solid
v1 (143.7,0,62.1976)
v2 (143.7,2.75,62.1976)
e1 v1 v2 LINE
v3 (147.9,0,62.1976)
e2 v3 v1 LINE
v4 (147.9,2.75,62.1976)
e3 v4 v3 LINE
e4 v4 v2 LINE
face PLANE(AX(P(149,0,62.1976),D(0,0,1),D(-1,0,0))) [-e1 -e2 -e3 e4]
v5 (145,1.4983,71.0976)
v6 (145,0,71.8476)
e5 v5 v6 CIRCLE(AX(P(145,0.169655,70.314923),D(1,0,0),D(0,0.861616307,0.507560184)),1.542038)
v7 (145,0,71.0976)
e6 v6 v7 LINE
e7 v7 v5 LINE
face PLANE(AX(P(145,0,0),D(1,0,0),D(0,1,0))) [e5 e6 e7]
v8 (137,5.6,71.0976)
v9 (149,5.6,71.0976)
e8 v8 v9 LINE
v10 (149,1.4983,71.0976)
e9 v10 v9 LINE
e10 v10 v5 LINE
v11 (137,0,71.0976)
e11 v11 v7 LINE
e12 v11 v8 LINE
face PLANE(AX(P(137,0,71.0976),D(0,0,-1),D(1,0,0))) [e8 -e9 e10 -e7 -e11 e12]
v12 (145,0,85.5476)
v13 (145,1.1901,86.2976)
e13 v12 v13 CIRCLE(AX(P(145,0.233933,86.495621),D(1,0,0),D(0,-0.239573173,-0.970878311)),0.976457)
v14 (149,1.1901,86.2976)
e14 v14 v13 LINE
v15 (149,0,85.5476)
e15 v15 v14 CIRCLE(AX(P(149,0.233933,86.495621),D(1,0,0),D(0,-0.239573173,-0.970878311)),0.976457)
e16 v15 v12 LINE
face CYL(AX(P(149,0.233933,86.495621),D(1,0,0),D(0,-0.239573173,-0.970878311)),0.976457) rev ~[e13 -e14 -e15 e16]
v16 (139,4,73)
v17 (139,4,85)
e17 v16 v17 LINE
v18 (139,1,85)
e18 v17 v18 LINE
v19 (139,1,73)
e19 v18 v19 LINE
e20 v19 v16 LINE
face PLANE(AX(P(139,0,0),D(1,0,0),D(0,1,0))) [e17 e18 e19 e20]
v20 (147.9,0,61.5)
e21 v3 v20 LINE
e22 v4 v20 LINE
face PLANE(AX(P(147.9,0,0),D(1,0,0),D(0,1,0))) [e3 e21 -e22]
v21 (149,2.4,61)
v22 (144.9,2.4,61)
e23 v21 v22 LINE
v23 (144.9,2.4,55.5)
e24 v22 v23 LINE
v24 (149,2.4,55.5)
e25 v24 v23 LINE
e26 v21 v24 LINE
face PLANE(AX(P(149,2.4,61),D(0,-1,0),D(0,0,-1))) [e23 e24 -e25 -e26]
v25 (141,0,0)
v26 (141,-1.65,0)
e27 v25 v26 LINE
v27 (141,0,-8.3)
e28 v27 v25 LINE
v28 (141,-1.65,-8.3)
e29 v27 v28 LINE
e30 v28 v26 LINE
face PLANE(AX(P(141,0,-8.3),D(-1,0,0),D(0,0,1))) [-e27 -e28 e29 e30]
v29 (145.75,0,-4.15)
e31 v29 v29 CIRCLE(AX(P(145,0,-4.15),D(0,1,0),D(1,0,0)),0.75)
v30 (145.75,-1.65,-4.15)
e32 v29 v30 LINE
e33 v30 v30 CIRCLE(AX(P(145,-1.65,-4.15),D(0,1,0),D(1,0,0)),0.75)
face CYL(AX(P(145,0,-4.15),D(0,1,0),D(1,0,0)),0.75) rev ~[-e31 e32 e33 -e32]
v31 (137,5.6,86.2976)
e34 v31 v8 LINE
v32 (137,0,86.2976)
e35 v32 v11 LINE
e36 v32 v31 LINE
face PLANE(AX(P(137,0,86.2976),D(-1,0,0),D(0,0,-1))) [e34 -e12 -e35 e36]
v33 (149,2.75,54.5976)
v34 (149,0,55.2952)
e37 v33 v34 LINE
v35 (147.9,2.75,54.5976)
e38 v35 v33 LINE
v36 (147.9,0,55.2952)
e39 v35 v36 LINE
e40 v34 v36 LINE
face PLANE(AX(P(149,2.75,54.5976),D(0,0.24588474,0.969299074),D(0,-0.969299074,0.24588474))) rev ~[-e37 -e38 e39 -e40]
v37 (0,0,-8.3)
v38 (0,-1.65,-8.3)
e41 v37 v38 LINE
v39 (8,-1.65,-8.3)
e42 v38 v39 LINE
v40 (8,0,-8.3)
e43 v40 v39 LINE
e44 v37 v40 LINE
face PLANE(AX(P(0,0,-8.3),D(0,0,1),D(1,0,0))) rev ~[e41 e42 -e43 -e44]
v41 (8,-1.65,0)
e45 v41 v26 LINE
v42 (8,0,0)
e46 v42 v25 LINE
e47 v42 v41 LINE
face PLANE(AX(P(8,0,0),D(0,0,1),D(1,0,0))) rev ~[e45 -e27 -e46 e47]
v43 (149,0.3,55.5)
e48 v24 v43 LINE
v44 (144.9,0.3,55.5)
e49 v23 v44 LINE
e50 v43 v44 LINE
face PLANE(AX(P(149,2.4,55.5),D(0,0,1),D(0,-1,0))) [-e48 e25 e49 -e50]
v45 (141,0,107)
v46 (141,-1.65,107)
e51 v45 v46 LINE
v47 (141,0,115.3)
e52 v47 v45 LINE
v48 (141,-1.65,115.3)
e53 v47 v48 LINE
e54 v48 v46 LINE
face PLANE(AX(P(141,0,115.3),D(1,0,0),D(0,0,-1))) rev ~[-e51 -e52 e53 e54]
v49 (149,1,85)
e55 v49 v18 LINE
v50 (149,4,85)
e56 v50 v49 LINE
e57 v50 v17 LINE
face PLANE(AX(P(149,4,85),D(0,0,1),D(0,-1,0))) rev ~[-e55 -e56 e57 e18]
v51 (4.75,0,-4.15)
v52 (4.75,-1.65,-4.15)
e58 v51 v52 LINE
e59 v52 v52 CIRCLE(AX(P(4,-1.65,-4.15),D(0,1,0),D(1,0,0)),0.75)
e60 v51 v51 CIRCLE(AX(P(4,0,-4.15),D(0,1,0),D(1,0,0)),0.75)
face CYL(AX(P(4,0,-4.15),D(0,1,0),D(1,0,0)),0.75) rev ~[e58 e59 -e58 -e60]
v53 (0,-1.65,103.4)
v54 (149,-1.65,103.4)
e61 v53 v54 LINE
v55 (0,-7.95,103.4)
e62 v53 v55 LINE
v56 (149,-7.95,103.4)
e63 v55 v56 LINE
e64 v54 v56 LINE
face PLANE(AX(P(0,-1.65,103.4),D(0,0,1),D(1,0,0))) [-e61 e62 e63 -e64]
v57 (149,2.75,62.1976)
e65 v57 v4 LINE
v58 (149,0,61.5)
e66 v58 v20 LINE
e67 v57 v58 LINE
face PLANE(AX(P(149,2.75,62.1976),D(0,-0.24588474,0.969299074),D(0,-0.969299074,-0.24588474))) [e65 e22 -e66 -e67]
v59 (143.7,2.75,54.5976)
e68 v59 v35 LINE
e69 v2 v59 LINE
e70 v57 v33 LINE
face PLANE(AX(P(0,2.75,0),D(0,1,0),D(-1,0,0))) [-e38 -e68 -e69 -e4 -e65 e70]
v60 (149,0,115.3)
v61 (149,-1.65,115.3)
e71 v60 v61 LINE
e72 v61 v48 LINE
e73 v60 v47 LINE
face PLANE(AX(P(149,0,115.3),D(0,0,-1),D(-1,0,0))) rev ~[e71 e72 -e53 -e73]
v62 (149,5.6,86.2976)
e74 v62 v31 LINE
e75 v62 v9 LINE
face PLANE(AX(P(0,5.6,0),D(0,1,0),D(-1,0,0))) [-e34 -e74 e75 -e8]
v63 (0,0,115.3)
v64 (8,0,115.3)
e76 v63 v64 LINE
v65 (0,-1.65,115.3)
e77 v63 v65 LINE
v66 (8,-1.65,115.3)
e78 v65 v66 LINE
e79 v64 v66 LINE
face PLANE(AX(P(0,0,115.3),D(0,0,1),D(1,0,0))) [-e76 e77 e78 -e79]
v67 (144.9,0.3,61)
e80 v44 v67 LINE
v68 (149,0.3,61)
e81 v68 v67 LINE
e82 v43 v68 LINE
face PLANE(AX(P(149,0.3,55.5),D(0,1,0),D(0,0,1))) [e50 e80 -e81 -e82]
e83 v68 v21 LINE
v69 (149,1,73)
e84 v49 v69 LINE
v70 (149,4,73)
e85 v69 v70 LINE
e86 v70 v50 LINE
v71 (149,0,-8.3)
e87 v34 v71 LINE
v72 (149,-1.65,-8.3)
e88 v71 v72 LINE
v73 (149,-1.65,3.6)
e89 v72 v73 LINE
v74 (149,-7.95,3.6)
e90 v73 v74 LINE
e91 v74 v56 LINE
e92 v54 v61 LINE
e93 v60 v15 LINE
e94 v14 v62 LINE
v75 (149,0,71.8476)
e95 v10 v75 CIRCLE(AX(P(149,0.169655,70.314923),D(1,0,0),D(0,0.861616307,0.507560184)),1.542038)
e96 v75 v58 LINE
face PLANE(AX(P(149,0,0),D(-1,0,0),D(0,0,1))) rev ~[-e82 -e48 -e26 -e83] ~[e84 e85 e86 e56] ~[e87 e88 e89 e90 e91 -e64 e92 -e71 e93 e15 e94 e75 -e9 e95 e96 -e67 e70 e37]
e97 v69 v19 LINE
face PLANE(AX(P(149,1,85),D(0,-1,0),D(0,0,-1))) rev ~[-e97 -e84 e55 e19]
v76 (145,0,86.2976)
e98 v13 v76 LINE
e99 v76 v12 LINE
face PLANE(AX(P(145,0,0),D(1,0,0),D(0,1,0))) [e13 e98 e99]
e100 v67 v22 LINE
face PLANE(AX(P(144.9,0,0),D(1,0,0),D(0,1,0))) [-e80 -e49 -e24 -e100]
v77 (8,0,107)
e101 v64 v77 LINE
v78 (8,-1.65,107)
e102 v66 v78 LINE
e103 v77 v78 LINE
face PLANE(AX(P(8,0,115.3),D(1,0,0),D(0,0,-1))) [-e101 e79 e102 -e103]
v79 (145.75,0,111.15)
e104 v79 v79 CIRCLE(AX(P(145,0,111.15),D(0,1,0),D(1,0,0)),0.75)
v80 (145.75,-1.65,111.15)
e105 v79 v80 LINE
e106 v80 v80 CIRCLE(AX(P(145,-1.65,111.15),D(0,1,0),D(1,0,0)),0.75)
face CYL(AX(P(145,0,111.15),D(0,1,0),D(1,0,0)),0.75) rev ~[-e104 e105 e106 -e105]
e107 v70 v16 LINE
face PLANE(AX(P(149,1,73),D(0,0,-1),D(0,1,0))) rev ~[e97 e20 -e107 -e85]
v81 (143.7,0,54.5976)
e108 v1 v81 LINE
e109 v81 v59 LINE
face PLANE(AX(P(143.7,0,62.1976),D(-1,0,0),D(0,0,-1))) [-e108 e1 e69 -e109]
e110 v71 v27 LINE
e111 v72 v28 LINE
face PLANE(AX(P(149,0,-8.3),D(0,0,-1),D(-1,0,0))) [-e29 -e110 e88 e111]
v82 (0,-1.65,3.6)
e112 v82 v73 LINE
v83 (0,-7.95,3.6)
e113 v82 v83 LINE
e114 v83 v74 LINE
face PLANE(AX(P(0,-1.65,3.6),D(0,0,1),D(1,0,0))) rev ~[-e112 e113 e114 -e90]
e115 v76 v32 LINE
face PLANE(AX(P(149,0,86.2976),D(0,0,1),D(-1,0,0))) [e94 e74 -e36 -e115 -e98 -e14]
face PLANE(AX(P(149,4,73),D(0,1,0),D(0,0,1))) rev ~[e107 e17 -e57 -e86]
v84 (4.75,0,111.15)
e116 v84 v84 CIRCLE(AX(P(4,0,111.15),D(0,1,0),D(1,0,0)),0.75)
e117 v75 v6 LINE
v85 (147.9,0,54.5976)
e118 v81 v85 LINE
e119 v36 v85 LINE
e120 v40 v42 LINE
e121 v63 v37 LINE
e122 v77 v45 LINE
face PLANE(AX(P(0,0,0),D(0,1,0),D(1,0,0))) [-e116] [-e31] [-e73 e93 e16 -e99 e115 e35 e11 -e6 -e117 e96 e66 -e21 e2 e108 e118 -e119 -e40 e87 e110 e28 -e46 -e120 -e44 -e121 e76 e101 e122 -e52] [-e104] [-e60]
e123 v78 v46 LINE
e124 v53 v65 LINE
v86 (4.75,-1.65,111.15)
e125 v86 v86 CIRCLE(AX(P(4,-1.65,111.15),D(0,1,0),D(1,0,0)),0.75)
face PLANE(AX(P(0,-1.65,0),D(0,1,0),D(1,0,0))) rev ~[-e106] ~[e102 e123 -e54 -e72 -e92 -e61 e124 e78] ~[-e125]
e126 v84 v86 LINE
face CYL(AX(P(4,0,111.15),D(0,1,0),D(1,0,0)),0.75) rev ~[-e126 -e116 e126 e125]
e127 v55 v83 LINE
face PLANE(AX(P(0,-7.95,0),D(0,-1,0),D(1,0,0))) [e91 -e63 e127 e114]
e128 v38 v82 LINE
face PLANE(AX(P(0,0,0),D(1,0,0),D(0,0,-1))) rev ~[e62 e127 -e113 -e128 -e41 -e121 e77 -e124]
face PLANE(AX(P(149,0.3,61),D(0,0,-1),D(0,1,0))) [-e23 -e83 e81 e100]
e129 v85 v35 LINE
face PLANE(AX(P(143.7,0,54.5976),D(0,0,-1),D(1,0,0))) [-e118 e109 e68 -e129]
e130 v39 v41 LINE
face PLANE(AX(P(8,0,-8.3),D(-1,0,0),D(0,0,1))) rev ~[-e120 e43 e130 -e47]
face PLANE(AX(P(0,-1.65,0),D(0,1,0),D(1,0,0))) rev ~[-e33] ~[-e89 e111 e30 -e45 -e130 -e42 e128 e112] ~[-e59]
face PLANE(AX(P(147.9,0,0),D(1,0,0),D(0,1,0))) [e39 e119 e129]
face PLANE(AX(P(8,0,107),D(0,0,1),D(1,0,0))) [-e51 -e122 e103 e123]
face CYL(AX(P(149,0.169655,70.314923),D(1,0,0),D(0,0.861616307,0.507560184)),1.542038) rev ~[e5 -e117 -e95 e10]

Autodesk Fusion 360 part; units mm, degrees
sketch "Sketch1" plane through (0, 0, 0) normal (0, 1, 0) x (1, 0, 0)
  line L0 (0, 0) -> (149, 0)
  line L1 (149, 0) -> (149, -107)
  line L2 (0, 0) -> (0, -107)
  line L3 (0, -107) -> (149, -107)
  line L4 (0, -107) -> (0, -115.3)
  line L5 (0, -115.3) -> (8, -115.3)
  line L6 (8, -115.3) -> (8, -107)
  line L7 (149, -107) -> (149, -115.3)
  line L8 (149, -115.3) -> (141, -115.3)
  line L9 (141, -115.3) -> (141, -107)
  line L10 (141, -107) -> (149, -115.3) construction
  line L11 (141, -115.3) -> (149, -107) construction
  circle A0 centre (145, -111.15) radius 0.75
  circle A1 centre (4, -111.15) radius 0.75
  line L12 (0, -115.3) -> (8, -107) construction
  line L13 (8, -115.3) -> (0, -107) construction
  line L14 (0, 0) -> (0, 8.3)
  line L15 (0, 8.3) -> (8, 8.3)
  line L16 (8, 8.3) -> (8, 0)
  line L17 (149, 0) -> (149, 8.3)
  line L18 (149, 8.3) -> (141, 8.3)
  line L19 (141, 8.3) -> (141, 0)
  line L20 (149, 0) -> (141, 8.3) construction
  line L21 (141, 0) -> (149, 8.3) construction
  line L22 (0, 0) -> (8, 8.3) construction
  line L23 (8, 0) -> (0, 8.3) construction
  circle A2 centre (4, 4.15) radius 0.75
  circle A3 centre (145, 4.15) radius 0.75
  dimension "d1" = 149
  dimension "d2" = 107
  dimension "d3" = 107
  dimension "d4" = 149
  dimension "d5" = 8.3
  dimension "d6" = 8
  dimension "d7" = 8.3
  dimension "d8" = 8
  dimension "d9" = 1.5
  dimension "d10" = 1.5
  dimension "d11" = 8.3
  dimension "d12" = 8
  dimension "d13" = 8.3
  dimension "d14" = 8
  dimension "d15" = 1.5
  dimension "d16" = 1.5
extrude "Extrude1" add sketch "Sketch1" against normal blind 1.65
sketch "Sketch2" plane through (0, -1.65, 0) normal (0, -1, 0) x (1, 0, 0)
  circle A0 centre (145, -4.15) radius 0.75
  circle A1 centre (4, 111.15) radius 0.75
  circle A2 centre (145, 111.15) radius 0.75
  circle A3 centre (4, -4.15) radius 0.75
  line L0 (149, -8.3) -> (149, 115.3)
  line L1 (149, 115.3) -> (141, 115.3)
  line L2 (141, 115.3) -> (141, 107)
  line L3 (141, 107) -> (8, 107)
  line L4 (8, 107) -> (8, 115.3)
  line L5 (8, 115.3) -> (0, 115.3)
  line L6 (0, 115.3) -> (0, -8.3)
  line L7 (0, -8.3) -> (8, -8.3)
  line L8 (8, -8.3) -> (8, 0)
  line L9 (8, 0) -> (141, 0)
  line L10 (141, 0) -> (141, -8.3)
  line L11 (141, -8.3) -> (149, -8.3)
  line L12 (0, 107) -> (0, 103.4) construction
  line L13 (0, 103.4) -> (149, 103.4)
  line L14 (0, 0) -> (0, 3.6) construction
  line L15 (8, 107) -> (-0.0006, 107) construction
  line L16 (8, 0) -> (0, 0) construction
  line L17 (0, 3.6) -> (149, 3.6)
  dimension "d19" = 3.6
  dimension "d20" = 3.6
extrude "Extrude2" add sketch "Sketch2" along normal blind 6.3 contours L0 L6 L13 L17
sketch "Sketch3" plane through (149, 0, 0) normal (1, 0, 0) x (0, 1, 0)
  line L0 (0, -8.3) -> (0, 115.3)
  line L1 (0, 115.3) -> (-1.65, 115.3)
  line L2 (-1.65, 115.3) -> (-1.65, 103.4)
  line L3 (-1.65, 103.4) -> (-7.95, 103.4)
  line L4 (-7.95, 103.4) -> (-7.95, 3.6)
  line L5 (-7.95, 3.6) -> (-1.65, 3.6)
  line L6 (-1.65, 3.6) -> (-1.65, -8.3)
  line L7 (-1.65, -8.3) -> (0, -8.3)
sketch "Sketch4" plane through (0, 0, 0) normal (0, 1, 0) x (-1, 0, 0)
  circle A0 centre (-145, -4.15) radius 0.75
  circle A1 centre (-4, 111.15) radius 0.75
  circle A2 centre (-145, 111.15) radius 0.75
  circle A3 centre (-4, -4.15) radius 0.75
  line L0 (-149, 115.3) -> (-149, -8.3)
  line L1 (-149, -8.3) -> (-141, -8.3)
  line L2 (-141, -8.3) -> (-141, 0)
  line L3 (-141, 0) -> (-8, 0)
  line L4 (-8, 0) -> (-8, -8.3)
  line L5 (-8, -8.3) -> (0, -8.3)
  line L6 (0, -8.3) -> (0, 115.3)
  line L7 (0, 115.3) -> (-8, 115.3)
  line L8 (-8, 115.3) -> (-8, 107)
  line L9 (-8, 107) -> (-141, 107)
  line L10 (-141, 107) -> (-141, 115.3)
  line L11 (-141, 115.3) -> (-149, 115.3)
  line L12 (-149, 106.8976) -> (-149, 86.2976) construction
  line L13 (-149, 86.2976) -> (-137, 86.2976)
  line L14 (-137, 86.2976) -> (-137, 71.0976)
  line L15 (-137, 71.0976) -> (-149, 71.0976)
  dimension "d23" = 20.6
  dimension "d24" = 12
  dimension "d25" = 15.2
extrude "Extrude3" add sketch "Sketch4" along normal blind 5.6 contours L0 L13 L14 L15
sketch "Sketch5" plane through (149, 0, 0) normal (1, 0, 0) x (0, 1, 0)
  line L0 (0, -8.3) -> (0, 71.0976)
  line L1 (0, 71.0976) -> (5.6, 71.0976)
  line L2 (5.6, 71.0976) -> (5.6, 86.2976)
  line L3 (5.6, 86.2976) -> (0, 86.2976)
  line L4 (0, 86.2976) -> (0, 115.3)
  line L5 (0, 115.3) -> (-1.65, 115.3)
  line L6 (-1.65, 115.3) -> (-1.65, 103.4)
  line L7 (-1.65, 103.4) -> (-7.95, 103.4)
  line L8 (-7.95, 103.4) -> (-7.95, 3.6)
  line L9 (-7.95, 3.6) -> (-1.65, 3.6)
  line L10 (-1.65, 3.6) -> (-1.65, -8.3)
  line L11 (-1.65, -8.3) -> (0, -8.3)
  line L12 (0, 86.2976) -> (0, 71.0976)
  line L13 (0, 86.2976) -> (0, 85.5476) construction
  arc A0 (0, 85.5476) -> (1.1901, 86.2976) centre (0.2339, 86.4956) ccw
  line L14 (0, 71.0976) -> (0, 71.8476) construction
  arc A1 (1.4983, 71.0976) -> (0, 71.8476) centre (0.1697, 70.3149) ccw
  dimension "d29" = 0.75
  dimension "d30" = 0.75
extrude "Extrude4" cut sketch "Sketch5" against normal blind 4 contours L1 L12 A1 | L3 L12 A0
sketch "Sketch6" plane through (149, 0, 0) normal (1, 0, 0) x (0, 1, 0)
  arc A0 (0, 85.5476) -> (1.1901, 86.2976) centre (0.2339, 86.4956) ccw
  line L0 (0, 85.5476) -> (0, 115.3)
  line L1 (0, 115.3) -> (-1.65, 115.3)
  line L2 (-1.65, 115.3) -> (-1.65, 103.4)
  line L3 (-1.65, 103.4) -> (-7.95, 103.4)
  line L4 (-7.95, 103.4) -> (-7.95, 3.6)
  line L5 (-7.95, 3.6) -> (-1.65, 3.6)
  line L6 (-1.65, 3.6) -> (-1.65, -8.3)
  line L7 (-1.65, -8.3) -> (0, -8.3)
  line L8 (0, -8.3) -> (0, 71.8476)
  arc A1 (1.4983, 71.0976) -> (0, 71.8476) centre (0.1697, 70.3149) ccw
  line L9 (1.4983, 71.0976) -> (5.6, 71.0976)
  line L10 (5.6, 71.0976) -> (5.6, 86.2976)
  line L11 (5.6, 86.2976) -> (1.1901, 86.2976)
  line L12 (1, 85) -> (1, 73)
  line L13 (1, 73) -> (4, 73)
  line L14 (4, 73) -> (4, 85)
  line L15 (4, 85) -> (1, 85)
extrude "Extrude5" cut sketch "Sketch6" against normal blind 10 contours L12 L13 L14 L15
sketch "Sketch7" plane through (0, 0, 86.2976) normal (0, 0, 1) x (-1, 0, 0)
  line L0 (-145, 0) -> (-145, -1.1901)
  line L1 (-145, -1.1901) -> (-149, -1.1901)
  line L2 (-149, -1.1901) -> (-149, -5.6)
  line L3 (-149, -5.6) -> (-137, -5.6)
  line L4 (-137, -5.6) -> (-137, 0)
  line L5 (-137, 0) -> (-145, 0)
sketch "Sketch8" plane through (0, 0, 0) normal (0, 1, 0) x (-1, 0, 0)
  line L0 (-137, 71.0976) -> (-145, 71.0976)
  line L1 (-145, 71.0976) -> (-145, 71.8476)
  line L2 (-145, 71.8476) -> (-149, 71.8476)
  line L3 (-149, 71.8476) -> (-149, -8.3)
  line L4 (-149, -8.3) -> (-141, -8.3)
  line L5 (-141, -8.3) -> (-141, 0)
  line L6 (-141, 0) -> (-8, 0)
  line L7 (-8, 0) -> (-8, -8.3)
  line L8 (-8, -8.3) -> (0, -8.3)
  line L9 (0, -8.3) -> (0, 115.3)
  line L10 (0, 115.3) -> (-8, 115.3)
  line L11 (-8, 115.3) -> (-8, 107)
  line L12 (-8, 107) -> (-141, 107)
  line L13 (-141, 107) -> (-141, 115.3)
  line L14 (-141, 115.3) -> (-149, 115.3)
  line L15 (-149, 115.3) -> (-149, 85.5476)
  line L16 (-149, 85.5476) -> (-145, 85.5476)
  line L17 (-145, 85.5476) -> (-145, 86.2976)
  line L18 (-145, 86.2976) -> (-137, 86.2976)
  line L19 (-137, 86.2976) -> (-137, 71.0976)
  circle A0 centre (-145, -4.15) radius 0.75
  circle A1 centre (-4, 111.15) radius 0.75
  circle A2 centre (-145, 111.15) radius 0.75
  circle A3 centre (-4, -4.15) radius 0.75
  line L20 (-149, 71.0976) -> (-149, 62.1976) construction
  line L21 (-149, 62.1976) -> (-143.7, 62.1976)
  line L22 (-143.7, 62.1976) -> (-143.7, 54.5976)
  line L23 (-143.7, 54.5976) -> (-149, 54.5976)
  dimension "d35" = 8.9
  dimension "d36" = 5.3
  dimension "d37" = 7.6
extrude "Extrude6" add sketch "Sketch8" along normal blind 2.75 contours L3 L21 L22 L23
sketch "Sketch9" plane through (149, 0, 0) normal (1, 0, 0) x (0, 1, 0)
  line L0 (1, 73) -> (1, 85)
  line L1 (1, 85) -> (4, 85)
  line L2 (4, 85) -> (4, 73)
  line L3 (4, 73) -> (1, 73)
  arc A0 (0, 85.5476) -> (1.1901, 86.2976) centre (0.2339, 86.4956) ccw
  line L4 (0, 85.5476) -> (0, 115.3)
  line L5 (0, 115.3) -> (-1.65, 115.3)
  line L6 (-1.65, 115.3) -> (-1.65, 103.4)
  line L7 (-1.65, 103.4) -> (-7.95, 103.4)
  line L8 (-7.95, 103.4) -> (-7.95, 3.6)
  line L9 (-7.95, 3.6) -> (-1.65, 3.6)
  line L10 (-1.65, 3.6) -> (-1.65, -8.3)
  line L11 (-1.65, -8.3) -> (0, -8.3)
  line L12 (0, -8.3) -> (0, 54.5976)
  line L13 (0, 54.5976) -> (2.75, 54.5976)
  line L14 (2.75, 54.5976) -> (2.75, 62.1976)
  line L15 (2.75, 62.1976) -> (0, 62.1976)
  line L16 (0, 62.1976) -> (0, 71.8476)
  arc A1 (1.4983, 71.0976) -> (0, 71.8476) centre (0.1697, 70.3149) ccw
  line L17 (1.4983, 71.0976) -> (5.6, 71.0976)
  line L18 (5.6, 71.0976) -> (5.6, 86.2976)
  line L19 (5.6, 86.2976) -> (1.1901, 86.2976)
  line L20 (2.75, 62.1976) -> (0, 61.5)
  line L21 (2.75, 62.1976) -> (0, 61.5)
  line L22 (2.75, 54.5976) -> (0, 55.2952)
  line L23 (0, 62.1976) -> (0, 61.5)
  line L24 (0, 55.2952) -> (0, 54.5976)
extrude "Extrude7" cut sketch "Sketch9" against normal blind 1.1 contours L15 L20 L21 L23 | L13 L22 L24
sketch "Sketch10" plane through (149, 0, 0) normal (1, 0, 0) x (0, 1, 0)
  line L0 (1, 73) -> (1, 85)
  line L1 (1, 85) -> (4, 85)
  line L2 (4, 85) -> (4, 73)
  line L3 (4, 73) -> (1, 73)
  line L4 (0, -8.3) -> (0, 55.2952)
  line L5 (0, 55.2952) -> (2.75, 54.5976)
  line L6 (2.75, 54.5976) -> (2.75, 62.1976)
  line L7 (2.75, 62.1976) -> (0, 61.5)
  line L8 (0, 61.5) -> (0, 71.8476)
  arc A0 (1.4983, 71.0976) -> (0, 71.8476) centre (0.1697, 70.3149) ccw
  line L9 (1.4983, 71.0976) -> (5.6, 71.0976)
  line L10 (5.6, 71.0976) -> (5.6, 86.2976)
  line L11 (5.6, 86.2976) -> (1.1901, 86.2976)
  arc A1 (0, 85.5476) -> (1.1901, 86.2976) centre (0.2339, 86.4956) ccw
  line L12 (0, 85.5476) -> (0, 115.3)
  line L13 (0, 115.3) -> (-1.65, 115.3)
  line L14 (-1.65, 115.3) -> (-1.65, 103.4)
  line L15 (-1.65, 103.4) -> (-7.95, 103.4)
  line L16 (-7.95, 103.4) -> (-7.95, 3.6)
  line L17 (-7.95, 3.6) -> (-1.65, 3.6)
  line L18 (-1.65, 3.6) -> (-1.65, -8.3)
  line L19 (-1.65, -8.3) -> (0, -8.3)
  line L20 (0.3, 61) -> (2.4, 61)
  line L21 (2.4, 61) -> (2.4, 55.5)
  line L22 (2.4, 55.5) -> (0.5, 55.5)
  line L23 (0.5, 55.5) -> (0.3, 55.5)
  line L24 (0.3, 55.5) -> (0.3, 61)
extrude "Extrude8" cut sketch "Sketch10" against normal blind 4.1 contours L20 L21 L22 L23 L24
